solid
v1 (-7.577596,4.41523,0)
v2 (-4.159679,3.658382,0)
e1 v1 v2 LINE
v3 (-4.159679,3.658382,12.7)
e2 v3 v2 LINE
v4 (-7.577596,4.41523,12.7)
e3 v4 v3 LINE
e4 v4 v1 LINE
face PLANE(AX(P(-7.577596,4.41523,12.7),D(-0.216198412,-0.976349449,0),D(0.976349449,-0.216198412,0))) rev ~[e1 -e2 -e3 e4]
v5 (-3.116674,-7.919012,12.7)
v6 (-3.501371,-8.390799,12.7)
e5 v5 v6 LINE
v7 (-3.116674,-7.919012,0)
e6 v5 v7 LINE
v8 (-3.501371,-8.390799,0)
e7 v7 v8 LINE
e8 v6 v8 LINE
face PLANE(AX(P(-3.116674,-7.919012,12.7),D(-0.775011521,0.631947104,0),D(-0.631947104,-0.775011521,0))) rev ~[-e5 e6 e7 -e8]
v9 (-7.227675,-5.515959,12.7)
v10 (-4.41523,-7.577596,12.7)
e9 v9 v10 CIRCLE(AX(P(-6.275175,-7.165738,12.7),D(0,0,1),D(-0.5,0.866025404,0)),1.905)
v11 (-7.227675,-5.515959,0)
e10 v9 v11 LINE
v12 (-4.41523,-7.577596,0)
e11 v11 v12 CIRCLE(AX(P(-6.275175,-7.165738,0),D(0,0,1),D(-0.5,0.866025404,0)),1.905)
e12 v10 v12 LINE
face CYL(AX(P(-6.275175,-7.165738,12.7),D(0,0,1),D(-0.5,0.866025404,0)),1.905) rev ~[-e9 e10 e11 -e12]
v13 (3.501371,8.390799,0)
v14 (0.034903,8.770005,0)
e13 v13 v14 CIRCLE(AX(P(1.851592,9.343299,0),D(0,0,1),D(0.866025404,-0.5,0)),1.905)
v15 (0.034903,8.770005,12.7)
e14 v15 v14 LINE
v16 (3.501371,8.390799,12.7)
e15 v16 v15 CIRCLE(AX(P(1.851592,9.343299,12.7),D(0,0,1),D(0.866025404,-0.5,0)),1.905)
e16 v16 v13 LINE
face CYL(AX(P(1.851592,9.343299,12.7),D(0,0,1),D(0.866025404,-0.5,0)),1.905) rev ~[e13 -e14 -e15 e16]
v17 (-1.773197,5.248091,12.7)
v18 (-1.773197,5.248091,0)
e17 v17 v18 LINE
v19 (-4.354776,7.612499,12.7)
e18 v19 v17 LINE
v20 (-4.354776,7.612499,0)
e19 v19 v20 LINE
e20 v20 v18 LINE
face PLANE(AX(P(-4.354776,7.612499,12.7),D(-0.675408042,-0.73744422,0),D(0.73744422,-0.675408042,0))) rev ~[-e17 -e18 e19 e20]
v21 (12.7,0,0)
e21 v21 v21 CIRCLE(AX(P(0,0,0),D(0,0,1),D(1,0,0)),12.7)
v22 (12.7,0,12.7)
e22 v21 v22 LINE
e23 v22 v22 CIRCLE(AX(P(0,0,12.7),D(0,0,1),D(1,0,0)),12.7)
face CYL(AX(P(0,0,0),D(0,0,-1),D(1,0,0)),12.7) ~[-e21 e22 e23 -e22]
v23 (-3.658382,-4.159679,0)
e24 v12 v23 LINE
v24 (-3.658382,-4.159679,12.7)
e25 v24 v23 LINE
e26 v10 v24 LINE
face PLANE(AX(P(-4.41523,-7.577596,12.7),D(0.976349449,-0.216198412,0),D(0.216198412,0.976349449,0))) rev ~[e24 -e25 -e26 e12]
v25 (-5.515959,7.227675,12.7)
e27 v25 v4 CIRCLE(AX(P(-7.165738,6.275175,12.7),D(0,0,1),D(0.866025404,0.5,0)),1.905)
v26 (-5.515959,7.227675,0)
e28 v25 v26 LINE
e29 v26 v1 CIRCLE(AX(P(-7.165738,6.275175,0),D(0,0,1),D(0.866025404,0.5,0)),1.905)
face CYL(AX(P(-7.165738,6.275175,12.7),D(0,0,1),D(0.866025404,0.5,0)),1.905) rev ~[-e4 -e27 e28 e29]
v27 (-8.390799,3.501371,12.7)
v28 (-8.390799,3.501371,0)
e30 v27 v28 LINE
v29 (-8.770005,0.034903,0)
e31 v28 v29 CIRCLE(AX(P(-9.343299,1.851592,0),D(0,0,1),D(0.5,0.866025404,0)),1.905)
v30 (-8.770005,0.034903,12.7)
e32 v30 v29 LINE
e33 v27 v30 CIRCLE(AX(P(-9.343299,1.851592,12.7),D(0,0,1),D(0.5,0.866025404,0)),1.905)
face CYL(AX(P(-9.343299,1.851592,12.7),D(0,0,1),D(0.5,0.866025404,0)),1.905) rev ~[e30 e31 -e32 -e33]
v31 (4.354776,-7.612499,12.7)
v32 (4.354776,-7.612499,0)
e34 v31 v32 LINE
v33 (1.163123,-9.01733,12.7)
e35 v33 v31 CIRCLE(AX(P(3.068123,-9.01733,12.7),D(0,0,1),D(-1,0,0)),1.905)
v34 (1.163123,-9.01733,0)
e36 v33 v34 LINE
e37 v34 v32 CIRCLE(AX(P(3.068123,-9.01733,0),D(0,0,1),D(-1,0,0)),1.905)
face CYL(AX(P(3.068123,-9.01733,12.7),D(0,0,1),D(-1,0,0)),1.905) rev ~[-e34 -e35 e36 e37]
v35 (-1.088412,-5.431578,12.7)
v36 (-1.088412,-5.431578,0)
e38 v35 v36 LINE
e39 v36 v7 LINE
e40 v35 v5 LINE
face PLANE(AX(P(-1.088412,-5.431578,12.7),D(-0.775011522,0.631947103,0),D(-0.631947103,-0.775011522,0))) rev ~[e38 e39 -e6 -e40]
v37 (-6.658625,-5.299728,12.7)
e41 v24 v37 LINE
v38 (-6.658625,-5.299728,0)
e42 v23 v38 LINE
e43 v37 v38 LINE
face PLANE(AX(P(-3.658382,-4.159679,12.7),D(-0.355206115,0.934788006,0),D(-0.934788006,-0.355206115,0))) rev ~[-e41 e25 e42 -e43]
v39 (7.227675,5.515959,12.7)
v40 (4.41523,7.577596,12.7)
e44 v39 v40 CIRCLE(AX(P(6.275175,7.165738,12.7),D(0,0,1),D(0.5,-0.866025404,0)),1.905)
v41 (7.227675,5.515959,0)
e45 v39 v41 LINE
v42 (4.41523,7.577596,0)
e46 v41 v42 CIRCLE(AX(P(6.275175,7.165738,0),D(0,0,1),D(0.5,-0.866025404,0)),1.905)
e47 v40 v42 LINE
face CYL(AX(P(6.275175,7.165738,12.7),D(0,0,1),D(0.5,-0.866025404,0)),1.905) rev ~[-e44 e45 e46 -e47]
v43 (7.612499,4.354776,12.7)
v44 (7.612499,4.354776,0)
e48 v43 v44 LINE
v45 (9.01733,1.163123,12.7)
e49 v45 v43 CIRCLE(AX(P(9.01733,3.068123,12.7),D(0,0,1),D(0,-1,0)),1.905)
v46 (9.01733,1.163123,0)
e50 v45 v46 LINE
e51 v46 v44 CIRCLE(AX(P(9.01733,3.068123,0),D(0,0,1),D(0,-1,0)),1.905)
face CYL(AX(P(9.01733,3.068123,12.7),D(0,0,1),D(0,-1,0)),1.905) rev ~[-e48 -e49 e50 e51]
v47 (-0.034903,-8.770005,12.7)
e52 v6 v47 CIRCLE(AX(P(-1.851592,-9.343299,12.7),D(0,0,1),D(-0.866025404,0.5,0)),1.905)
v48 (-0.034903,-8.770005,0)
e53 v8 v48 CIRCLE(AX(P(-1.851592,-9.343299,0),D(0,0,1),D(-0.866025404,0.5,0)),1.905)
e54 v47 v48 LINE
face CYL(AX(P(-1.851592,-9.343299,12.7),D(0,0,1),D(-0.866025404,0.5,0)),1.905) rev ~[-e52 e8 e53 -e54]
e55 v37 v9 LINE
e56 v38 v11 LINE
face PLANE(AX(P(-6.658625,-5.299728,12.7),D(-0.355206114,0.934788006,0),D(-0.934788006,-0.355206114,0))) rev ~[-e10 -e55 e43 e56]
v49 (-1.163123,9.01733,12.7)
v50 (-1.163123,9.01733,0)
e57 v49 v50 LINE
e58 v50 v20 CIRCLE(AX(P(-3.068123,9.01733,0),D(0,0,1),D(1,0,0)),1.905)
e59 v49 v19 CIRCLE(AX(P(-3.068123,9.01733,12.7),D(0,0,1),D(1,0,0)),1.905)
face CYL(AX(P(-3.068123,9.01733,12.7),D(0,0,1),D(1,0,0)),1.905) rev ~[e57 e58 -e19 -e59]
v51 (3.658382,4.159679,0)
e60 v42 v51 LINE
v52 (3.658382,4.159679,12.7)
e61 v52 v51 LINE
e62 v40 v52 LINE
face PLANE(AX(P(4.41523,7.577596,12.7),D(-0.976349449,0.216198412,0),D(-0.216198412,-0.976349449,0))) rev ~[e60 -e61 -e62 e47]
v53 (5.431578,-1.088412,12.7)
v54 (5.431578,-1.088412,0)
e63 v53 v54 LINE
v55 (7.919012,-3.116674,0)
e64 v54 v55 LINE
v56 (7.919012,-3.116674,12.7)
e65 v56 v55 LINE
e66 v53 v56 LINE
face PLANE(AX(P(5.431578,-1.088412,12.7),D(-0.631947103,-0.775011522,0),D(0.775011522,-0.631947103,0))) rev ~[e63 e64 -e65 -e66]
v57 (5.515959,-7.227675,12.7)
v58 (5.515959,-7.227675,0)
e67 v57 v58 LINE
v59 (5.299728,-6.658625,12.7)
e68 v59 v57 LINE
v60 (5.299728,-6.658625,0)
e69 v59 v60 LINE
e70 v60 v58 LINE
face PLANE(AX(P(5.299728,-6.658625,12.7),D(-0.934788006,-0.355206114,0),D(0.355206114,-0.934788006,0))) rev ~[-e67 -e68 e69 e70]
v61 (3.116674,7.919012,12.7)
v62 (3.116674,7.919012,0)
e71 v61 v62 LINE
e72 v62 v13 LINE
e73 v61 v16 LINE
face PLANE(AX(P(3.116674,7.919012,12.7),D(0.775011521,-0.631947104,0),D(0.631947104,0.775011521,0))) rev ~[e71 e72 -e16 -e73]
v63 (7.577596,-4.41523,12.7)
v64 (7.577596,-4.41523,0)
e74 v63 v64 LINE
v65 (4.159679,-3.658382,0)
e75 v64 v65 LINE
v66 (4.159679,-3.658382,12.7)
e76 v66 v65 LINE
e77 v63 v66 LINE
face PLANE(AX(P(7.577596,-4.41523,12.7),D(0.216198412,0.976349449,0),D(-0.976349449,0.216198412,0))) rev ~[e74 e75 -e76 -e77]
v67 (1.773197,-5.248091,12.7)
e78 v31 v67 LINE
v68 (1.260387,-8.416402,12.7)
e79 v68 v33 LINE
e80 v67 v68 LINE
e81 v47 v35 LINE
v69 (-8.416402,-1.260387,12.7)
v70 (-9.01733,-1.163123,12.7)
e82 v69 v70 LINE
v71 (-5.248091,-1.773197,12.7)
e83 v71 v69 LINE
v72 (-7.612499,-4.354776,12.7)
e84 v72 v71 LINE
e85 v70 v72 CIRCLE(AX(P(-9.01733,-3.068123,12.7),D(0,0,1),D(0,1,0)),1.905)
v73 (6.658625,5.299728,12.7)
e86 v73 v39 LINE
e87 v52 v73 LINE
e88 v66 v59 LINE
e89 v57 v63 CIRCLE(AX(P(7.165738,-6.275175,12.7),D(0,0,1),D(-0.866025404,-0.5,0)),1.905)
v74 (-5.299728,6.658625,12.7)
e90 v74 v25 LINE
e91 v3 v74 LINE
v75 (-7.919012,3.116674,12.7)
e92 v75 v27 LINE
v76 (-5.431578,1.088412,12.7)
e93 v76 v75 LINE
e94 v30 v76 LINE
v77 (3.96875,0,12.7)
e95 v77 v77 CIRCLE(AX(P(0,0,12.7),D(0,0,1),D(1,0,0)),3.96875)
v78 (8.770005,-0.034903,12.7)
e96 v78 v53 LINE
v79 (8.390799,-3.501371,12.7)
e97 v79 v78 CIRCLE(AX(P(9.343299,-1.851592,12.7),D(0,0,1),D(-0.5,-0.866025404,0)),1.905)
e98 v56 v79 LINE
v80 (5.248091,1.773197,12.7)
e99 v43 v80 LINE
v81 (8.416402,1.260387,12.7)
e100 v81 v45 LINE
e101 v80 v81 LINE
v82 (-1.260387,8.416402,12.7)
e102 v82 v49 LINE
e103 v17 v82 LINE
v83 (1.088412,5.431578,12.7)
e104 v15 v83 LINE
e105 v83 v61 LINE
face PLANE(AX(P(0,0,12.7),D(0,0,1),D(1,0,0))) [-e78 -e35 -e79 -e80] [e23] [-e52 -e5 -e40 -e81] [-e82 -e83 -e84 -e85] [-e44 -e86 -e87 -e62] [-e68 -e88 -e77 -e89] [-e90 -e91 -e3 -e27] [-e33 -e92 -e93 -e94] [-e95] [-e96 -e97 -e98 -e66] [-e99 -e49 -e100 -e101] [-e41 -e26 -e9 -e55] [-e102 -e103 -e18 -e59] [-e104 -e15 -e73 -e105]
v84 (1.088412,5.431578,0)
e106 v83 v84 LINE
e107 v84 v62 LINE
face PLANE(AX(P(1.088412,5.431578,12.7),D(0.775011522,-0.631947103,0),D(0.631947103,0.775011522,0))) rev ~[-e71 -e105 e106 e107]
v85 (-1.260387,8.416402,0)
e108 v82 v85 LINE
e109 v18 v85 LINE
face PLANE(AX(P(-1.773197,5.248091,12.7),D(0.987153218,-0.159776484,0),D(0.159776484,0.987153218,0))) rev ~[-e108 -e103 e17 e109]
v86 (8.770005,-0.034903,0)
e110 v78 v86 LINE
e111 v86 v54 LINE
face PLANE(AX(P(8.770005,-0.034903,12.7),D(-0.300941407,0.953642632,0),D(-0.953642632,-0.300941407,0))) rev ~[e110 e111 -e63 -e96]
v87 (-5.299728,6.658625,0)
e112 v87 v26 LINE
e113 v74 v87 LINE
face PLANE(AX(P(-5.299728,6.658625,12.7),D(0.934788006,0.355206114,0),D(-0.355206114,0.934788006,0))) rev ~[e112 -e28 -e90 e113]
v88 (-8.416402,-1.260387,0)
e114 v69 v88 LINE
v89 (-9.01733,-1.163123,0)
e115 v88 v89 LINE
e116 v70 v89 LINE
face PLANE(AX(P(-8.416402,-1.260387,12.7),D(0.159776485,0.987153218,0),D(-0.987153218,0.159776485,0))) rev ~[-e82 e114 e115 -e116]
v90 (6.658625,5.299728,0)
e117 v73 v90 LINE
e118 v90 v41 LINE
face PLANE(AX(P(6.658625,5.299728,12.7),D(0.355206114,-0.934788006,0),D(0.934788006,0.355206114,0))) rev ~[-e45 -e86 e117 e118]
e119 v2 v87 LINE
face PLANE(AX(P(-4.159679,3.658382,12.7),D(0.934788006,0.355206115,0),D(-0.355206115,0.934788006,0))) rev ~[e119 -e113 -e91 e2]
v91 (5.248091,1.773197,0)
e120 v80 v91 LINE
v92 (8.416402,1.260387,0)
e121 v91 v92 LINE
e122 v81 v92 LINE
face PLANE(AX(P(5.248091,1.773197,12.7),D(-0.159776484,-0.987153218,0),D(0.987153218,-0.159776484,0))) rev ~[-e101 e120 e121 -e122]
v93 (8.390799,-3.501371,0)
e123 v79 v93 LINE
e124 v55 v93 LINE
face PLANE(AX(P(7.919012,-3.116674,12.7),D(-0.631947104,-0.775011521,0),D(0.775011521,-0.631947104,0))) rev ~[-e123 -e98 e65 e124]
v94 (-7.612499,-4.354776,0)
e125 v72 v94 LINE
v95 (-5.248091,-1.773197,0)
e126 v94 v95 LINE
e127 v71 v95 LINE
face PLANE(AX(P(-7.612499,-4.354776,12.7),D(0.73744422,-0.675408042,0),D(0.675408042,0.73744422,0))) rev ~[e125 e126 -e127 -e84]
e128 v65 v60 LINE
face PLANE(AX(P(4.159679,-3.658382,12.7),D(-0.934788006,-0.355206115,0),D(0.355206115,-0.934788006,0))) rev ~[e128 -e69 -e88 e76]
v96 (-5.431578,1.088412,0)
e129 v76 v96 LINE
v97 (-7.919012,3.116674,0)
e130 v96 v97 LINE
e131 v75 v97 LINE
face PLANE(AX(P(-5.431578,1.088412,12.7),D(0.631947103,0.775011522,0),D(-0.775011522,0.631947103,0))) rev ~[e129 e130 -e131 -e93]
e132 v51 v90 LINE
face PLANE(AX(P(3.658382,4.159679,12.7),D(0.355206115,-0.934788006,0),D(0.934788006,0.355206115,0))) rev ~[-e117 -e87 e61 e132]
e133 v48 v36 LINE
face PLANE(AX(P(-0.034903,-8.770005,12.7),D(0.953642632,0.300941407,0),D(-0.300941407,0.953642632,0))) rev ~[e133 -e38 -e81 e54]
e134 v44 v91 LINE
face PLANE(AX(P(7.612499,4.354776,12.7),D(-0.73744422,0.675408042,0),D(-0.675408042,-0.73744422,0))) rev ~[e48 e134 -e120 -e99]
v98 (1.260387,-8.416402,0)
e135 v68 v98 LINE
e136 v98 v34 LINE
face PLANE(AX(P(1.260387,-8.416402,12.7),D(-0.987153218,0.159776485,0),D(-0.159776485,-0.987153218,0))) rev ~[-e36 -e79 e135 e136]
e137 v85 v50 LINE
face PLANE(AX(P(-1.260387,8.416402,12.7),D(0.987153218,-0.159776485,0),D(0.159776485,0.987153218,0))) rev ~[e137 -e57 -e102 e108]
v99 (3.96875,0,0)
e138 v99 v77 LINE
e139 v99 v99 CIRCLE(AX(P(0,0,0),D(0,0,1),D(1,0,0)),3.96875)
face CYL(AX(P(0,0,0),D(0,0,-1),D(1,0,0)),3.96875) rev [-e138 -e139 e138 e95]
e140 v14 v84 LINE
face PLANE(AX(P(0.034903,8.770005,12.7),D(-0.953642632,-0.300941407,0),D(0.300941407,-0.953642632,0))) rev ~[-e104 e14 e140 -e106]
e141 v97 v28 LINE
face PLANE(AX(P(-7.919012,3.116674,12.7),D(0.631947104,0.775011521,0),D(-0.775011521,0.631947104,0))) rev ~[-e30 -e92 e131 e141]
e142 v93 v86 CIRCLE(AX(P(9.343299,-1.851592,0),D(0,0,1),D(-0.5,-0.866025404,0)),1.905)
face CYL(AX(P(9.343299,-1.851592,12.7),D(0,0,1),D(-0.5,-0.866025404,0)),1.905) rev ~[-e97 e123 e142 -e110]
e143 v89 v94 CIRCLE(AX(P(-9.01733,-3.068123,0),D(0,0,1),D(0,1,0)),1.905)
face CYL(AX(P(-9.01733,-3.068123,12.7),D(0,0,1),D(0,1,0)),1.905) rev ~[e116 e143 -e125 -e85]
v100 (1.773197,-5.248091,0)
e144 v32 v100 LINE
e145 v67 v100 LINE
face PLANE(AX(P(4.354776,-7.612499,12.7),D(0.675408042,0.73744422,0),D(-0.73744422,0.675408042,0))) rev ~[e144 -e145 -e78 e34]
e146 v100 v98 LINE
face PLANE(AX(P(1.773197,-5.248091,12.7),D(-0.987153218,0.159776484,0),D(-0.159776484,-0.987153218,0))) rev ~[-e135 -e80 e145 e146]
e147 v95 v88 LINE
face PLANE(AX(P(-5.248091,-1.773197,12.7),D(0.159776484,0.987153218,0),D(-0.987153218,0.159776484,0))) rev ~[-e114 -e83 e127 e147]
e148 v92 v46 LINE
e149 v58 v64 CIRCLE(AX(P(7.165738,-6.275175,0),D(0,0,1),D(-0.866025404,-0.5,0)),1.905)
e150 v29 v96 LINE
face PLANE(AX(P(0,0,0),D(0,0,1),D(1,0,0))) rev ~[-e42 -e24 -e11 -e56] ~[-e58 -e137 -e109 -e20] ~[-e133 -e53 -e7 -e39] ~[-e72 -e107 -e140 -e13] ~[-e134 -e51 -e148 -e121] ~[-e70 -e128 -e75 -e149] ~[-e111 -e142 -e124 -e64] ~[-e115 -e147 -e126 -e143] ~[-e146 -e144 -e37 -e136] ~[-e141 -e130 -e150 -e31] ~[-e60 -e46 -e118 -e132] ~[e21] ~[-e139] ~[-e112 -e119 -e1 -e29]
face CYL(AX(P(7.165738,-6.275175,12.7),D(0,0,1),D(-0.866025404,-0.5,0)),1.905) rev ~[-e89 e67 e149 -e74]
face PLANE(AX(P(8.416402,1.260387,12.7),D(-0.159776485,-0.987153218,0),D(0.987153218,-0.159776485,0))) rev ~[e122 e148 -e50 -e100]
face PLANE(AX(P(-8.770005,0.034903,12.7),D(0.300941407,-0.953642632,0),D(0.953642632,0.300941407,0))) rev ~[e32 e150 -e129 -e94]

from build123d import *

# Parameters (mm, degrees)
SKETCH1_R           = 12.7
SKETCH1_R_2         = 3.96875
BOSS_EXTRUDE1_DEPTH = 12.7
CUT_EXTRUDE1_DEPTH  = 22.997045256
CIRPATTERN1_COUNT   = 12


with BuildPart() as part:
    # Sketch1 → Boss-Extrude1 (new body)
    with BuildSketch(Plane.XY):
        Circle(SKETCH1_R)
        Circle(SKETCH1_R_2, mode=Mode.SUBTRACT)
    extrude(amount=BOSS_EXTRUDE1_DEPTH)

    # Sketch2 → Cut-Extrude1 (cut, through all)
    with BuildSketch(Plane.XY.offset(12.7)):
        with BuildLine():
            Line((-4.354775644, 7.61249898), (-1.77319664, 5.248090699))
            Line((-1.77319664, 5.248090699), (-1.260387004, 8.416402273))
            Line((-1.260387004, 8.416402273), (-1.163123324, 9.017330218))
            ThreePointArc((-1.163123324, 9.017330218), (-3.83557115, 10.7609038), (-4.354775644, 7.61249898))
        make_face()
    cut_extrude1 = extrude(amount=-CUT_EXTRUDE1_DEPTH, mode=Mode.SUBTRACT)

    # CirPattern1: Cut-Extrude1 ×12 about axis
    cirpattern1_axis = Axis((0, 0, 0), (0, 0, 1))
    for i in range(1, CIRPATTERN1_COUNT):
        add(cut_extrude1.rotate(cirpattern1_axis, i * 360 / CIRPATTERN1_COUNT), mode=Mode.SUBTRACT)


solid = part.part
